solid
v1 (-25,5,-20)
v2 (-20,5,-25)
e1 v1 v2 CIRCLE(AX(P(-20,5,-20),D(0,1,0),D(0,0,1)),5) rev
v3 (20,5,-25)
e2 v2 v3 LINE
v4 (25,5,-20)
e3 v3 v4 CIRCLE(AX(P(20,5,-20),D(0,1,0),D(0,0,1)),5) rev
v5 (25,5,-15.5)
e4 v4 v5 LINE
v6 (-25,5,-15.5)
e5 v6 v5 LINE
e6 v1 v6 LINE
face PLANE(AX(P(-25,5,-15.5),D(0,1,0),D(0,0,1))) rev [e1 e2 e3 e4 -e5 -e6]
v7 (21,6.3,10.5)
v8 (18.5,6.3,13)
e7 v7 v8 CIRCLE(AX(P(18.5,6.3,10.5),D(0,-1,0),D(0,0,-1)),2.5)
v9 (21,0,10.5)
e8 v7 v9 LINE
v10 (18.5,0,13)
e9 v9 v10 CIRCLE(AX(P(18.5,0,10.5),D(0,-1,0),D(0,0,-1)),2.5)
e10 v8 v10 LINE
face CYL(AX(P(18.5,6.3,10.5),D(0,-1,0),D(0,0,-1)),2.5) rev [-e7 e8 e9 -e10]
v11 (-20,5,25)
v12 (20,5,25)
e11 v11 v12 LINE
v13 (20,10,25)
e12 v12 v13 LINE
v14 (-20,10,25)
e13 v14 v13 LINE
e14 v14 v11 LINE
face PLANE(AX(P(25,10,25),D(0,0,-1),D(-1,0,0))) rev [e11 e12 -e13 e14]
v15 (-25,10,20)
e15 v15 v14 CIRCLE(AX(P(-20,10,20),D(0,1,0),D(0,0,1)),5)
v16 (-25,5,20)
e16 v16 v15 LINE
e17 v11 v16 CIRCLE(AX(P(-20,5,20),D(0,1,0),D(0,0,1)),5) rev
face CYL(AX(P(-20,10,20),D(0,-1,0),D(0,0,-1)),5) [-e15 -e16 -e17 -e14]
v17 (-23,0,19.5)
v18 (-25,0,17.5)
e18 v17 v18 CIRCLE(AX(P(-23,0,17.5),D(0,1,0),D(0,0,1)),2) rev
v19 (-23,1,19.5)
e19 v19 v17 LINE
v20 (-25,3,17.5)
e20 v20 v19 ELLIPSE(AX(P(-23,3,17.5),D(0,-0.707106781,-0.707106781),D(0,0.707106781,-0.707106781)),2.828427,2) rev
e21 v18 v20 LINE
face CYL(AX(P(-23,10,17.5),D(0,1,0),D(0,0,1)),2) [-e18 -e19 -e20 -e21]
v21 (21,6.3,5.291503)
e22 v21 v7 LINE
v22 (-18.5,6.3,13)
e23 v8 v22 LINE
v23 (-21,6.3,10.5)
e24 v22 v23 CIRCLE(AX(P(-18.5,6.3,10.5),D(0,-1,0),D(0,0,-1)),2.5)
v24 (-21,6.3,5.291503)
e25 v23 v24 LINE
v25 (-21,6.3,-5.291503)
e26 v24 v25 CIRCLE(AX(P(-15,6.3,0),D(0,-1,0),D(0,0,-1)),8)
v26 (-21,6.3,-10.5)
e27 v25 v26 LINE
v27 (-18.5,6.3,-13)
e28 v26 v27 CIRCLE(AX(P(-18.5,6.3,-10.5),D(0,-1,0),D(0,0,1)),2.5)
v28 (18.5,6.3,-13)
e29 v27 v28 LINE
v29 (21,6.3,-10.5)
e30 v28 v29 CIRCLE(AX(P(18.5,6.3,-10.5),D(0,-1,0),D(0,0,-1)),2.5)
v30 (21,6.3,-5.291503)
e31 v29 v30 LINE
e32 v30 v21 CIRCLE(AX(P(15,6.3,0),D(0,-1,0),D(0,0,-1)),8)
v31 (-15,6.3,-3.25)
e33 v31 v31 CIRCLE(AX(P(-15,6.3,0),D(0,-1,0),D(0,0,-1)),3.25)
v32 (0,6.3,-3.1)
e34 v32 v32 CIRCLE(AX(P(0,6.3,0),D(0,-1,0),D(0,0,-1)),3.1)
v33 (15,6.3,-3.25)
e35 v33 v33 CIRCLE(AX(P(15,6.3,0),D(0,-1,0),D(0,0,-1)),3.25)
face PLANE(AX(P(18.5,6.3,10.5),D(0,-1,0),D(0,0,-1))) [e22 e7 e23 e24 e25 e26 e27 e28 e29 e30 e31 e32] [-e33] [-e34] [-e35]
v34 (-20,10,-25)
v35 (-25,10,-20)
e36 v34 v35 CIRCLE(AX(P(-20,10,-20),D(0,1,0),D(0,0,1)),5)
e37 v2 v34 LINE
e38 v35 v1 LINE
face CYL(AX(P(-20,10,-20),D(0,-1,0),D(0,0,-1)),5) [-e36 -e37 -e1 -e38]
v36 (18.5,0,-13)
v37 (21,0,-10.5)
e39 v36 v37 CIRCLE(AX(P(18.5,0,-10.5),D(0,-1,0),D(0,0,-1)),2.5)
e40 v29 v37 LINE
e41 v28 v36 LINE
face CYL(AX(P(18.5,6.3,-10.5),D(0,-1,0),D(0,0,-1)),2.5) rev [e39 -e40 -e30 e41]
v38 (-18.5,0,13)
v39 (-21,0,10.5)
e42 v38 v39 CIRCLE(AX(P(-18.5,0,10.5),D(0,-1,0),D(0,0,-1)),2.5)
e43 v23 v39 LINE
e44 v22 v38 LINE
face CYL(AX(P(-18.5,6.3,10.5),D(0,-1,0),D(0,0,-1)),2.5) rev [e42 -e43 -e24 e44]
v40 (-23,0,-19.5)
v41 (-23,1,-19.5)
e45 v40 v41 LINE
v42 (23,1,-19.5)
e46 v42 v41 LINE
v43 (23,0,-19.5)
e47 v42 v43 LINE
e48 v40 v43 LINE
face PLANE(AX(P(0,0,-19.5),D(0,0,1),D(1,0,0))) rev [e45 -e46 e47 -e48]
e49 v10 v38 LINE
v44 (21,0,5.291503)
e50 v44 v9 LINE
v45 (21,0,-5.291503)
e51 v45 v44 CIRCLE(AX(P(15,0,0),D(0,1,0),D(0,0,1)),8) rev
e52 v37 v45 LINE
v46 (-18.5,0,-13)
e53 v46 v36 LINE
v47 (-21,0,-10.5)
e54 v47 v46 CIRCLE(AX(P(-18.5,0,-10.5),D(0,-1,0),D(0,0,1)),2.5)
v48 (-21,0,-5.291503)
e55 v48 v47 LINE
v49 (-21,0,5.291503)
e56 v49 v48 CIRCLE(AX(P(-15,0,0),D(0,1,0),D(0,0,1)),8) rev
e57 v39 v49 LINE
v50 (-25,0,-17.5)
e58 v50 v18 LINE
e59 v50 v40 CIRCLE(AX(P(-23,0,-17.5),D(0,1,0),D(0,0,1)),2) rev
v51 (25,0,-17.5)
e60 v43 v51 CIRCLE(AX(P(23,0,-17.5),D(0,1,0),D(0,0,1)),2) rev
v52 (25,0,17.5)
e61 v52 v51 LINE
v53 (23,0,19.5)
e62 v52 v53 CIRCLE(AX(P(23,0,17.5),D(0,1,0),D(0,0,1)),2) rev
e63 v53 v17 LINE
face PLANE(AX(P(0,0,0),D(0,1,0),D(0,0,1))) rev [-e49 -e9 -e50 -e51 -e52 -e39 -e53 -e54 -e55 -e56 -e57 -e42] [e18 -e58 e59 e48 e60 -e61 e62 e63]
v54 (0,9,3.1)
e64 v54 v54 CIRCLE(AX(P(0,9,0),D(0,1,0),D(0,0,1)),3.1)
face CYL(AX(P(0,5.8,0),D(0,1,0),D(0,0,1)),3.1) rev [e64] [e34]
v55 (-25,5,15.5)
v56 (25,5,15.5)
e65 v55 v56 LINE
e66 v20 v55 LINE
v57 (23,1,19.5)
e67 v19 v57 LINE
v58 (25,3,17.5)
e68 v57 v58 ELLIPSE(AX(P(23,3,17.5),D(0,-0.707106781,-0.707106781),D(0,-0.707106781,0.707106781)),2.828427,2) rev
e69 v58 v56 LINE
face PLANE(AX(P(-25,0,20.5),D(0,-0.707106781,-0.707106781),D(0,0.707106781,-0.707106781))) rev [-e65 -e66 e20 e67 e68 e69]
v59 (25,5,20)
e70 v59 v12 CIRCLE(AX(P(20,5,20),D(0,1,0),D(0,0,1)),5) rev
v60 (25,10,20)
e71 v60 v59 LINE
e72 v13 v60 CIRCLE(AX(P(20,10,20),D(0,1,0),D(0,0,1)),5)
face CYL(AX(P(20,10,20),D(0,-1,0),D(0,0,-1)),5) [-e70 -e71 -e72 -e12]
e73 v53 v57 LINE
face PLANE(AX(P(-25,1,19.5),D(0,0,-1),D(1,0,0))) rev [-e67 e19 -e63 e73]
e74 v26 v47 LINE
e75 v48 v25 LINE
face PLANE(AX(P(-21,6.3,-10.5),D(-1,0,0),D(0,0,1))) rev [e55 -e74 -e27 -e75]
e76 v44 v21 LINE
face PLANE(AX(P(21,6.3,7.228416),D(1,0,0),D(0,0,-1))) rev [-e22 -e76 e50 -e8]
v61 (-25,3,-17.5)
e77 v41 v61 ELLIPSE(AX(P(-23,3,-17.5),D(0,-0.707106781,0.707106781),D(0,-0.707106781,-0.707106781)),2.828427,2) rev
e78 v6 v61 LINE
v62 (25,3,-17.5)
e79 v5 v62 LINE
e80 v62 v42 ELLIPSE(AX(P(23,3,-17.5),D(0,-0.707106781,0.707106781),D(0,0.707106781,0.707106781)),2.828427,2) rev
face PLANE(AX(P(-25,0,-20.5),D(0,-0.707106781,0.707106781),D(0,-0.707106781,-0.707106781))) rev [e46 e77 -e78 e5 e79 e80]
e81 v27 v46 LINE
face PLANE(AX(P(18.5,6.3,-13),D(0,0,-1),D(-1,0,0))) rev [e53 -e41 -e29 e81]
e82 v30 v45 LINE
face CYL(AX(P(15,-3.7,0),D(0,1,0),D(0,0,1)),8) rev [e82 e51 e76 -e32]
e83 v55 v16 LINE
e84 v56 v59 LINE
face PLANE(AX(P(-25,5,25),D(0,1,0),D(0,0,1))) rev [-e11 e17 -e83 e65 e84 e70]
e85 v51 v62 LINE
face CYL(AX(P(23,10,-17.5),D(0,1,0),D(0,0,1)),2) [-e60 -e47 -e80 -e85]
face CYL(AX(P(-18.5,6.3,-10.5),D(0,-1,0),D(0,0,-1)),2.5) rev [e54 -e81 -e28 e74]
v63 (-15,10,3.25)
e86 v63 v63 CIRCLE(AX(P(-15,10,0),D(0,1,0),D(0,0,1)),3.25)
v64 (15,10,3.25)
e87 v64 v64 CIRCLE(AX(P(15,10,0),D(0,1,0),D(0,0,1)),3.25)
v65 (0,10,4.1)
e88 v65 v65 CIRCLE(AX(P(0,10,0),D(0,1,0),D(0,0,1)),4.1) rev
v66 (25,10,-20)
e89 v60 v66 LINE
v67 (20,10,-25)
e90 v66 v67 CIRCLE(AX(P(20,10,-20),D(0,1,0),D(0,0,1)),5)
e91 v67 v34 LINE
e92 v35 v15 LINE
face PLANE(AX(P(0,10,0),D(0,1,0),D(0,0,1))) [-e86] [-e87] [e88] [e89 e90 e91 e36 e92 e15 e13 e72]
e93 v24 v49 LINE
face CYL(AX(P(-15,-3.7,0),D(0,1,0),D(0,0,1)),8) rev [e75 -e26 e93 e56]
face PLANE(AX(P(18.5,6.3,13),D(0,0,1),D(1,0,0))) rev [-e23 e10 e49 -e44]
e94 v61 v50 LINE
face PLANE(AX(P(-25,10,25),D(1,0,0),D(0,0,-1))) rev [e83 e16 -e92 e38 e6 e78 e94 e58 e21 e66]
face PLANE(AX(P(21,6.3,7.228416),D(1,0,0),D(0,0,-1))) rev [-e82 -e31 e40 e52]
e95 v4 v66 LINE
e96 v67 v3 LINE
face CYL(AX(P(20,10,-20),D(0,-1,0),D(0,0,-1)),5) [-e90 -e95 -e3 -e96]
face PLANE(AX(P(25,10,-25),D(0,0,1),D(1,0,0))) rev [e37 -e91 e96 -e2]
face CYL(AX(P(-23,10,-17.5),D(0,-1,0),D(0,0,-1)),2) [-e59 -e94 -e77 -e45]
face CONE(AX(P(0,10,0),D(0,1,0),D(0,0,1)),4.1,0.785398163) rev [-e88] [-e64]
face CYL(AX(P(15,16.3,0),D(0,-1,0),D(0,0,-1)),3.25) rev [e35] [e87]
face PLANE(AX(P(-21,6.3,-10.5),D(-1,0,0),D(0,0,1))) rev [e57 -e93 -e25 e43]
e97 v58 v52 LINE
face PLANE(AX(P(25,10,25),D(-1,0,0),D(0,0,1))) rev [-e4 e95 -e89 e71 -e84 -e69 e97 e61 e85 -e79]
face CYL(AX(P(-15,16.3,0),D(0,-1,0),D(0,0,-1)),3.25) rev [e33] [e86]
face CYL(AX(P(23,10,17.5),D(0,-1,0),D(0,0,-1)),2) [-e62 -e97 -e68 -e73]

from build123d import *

# Parameters (mm, degrees)
SKETCH1_W           = 50
SKETCH1_H           = 50
BOSS_EXTRUDE1_DEPTH = 10
CUT_EXTRUDE3_DEPTH  = 6.3
SKETCH5_R           = 6.5
SKETCH5_R_2         = 3.1
BOSS_EXTRUDE2_DEPTH = 0.5
CUT_EXTRUDE4_DEPTH  = 57.789083458
FILLET2_R           = 5
CHAMFER2_SIZE       = 1
CHAMFER2_SIZE2      = 1.414213562
FILLET3_R           = 2
SKETCH9_R           = 3.1
CUT_EXTRUDE5_DEPTH  = 36.912254176
CHAMFER3_SIZE       = 1
SKETCH10_W          = 52
SKETCH10_H          = 19.709433282
CUT_EXTRUDE6_DEPTH  = 6.3
SKETCH14_R          = 3.25
CUT_EXTRUDE7_DEPTH  = 10
SKETCH15_W          = 4
SKETCH15_H          = 19.709433282
BOSS_EXTRUDE5_DEPTH = 6.3
SKETCH16_R          = 8
CUT_EXTRUDE8_DEPTH  = 10


with BuildPart() as part:
    # Sketch1 → Boss-Extrude1 (new body)
    with BuildSketch(Plane(origin=(0, 0, 0), x_dir=(1, 0, 0), z_dir=(0, 1, 0))):
        Rectangle(SKETCH1_W, SKETCH1_H)
    extrude(amount=BOSS_EXTRUDE1_DEPTH)

    # Sketch4 → Cut-Extrude3 (cut)
    with BuildSketch(Plane(origin=(0, 0, 0), x_dir=(-1, 0, 0), z_dir=(0, -1, 0))):
        with BuildLine():
            Line((21, -7.228416147), (21, -10.5))
            ThreePointArc((21, -10.5), (20.267766953, -12.267766953), (18.5, -13))
            Line((18.5, -13), (-18.5, -13))
            ThreePointArc((-18.5, -13), (-20.267766953, -12.267766953), (-21, -10.5))
            Line((-21, -10.5), (-21, -7.228416147))
            ThreePointArc((-21, -7.228416147), (-20.591644852, -6.017356006), (-19.533333333, -5.300838508))
            ThreePointArc((-19.533333333, -5.300838508), (-15.5, 0), (-19.533333333, 5.300838508))
            ThreePointArc((-19.533333333, 5.300838508), (-20.591644852, 6.017356006), (-21, 7.228416147))
            Line((-21, 7.228416147), (-21, 10.5))
            ThreePointArc((-21, 10.5), (-20.267766953, 12.267766953), (-18.5, 13))
            Line((-18.5, 13), (18.5, 13))
            ThreePointArc((18.5, 13), (20.267766953, 12.267766953), (21, 10.5))
            Line((21, 10.5), (21, 7.228416147))
            ThreePointArc((21, 7.228416147), (20.591644852, 6.017356006), (19.533333333, 5.300838508))
            ThreePointArc((19.533333333, 5.300838508), (15.5, 0), (19.533333333, -5.300838508))
            ThreePointArc((19.533333333, -5.300838508), (20.591644852, -6.017356006), (21, -7.228416147))
        make_face()
    extrude(amount=-CUT_EXTRUDE3_DEPTH, mode=Mode.SUBTRACT)

    # Sketch5 → Boss-Extrude2 (add)
    with BuildSketch(Plane(origin=(0, 6.3, 0), x_dir=(-1, 0, 0), z_dir=(0, -1, 0))):
        with Locations(Location((0, 0, 0), (0, 0, 90))):
            Circle(SKETCH5_R)
        with Locations(Location((0, 0, 0), (0, 0, 90))):
            Circle(SKETCH5_R_2, mode=Mode.SUBTRACT)
    extrude(amount=BOSS_EXTRUDE2_DEPTH)

    # Sketch8 → Cut-Extrude4 (cut, through all)
    with BuildSketch(Plane(origin=(25, 0, 0), x_dir=(0, 0, -1), z_dir=(1, 0, 0))):
        Polygon((-25, 0), (-25, 5), (-15.5, 5), (-20.5, 0), align=None)
        Polygon((25, 0), (25, 5), (15.5, 5), (20.5, 0), align=None)
    extrude(amount=-CUT_EXTRUDE4_DEPTH, mode=Mode.SUBTRACT)

    # Fillet2
    fillet2_edges = [part.edges().sort_by_distance(p)[0] for p in [
        (-25, 7.5, -25),
        (25, 7.5, -25),
        (25, 7.5, 25),
        (-25, 7.5, 25),
    ]]
    fillet(fillet2_edges, radius=FILLET2_R)

    # Chamfer2
    chamfer2_edges = [part.edges().sort_by_distance(p)[0] for p in [
        (0, 0, 20.5),
        (0, 0, -20.5),
    ]]
    chamfer2_side = [part.faces().sort_by_distance(p)[0] for p in [
        (24.353393474, 0, 0),
    ]]
    chamfer(chamfer2_edges, length=CHAMFER2_SIZE, length2=CHAMFER2_SIZE2, reference=chamfer2_side[0])

    # Fillet3
    fillet3_edges = [part.edges().sort_by_distance(p)[0] for p in [
        (25, 0.5, -19.5),
        (25, 0.5, 19.5),
        (-25, 0.5, -19.5),
        (-25, 0.5, 19.5),
    ]]
    fillet(fillet3_edges, radius=FILLET3_R)

    # Sketch9 → Cut-Extrude5 (cut, through all)
    with BuildSketch(Plane(origin=(0, 6.3, 0), x_dir=(-1, 0, 0), z_dir=(0, -1, 0))):
        with Locations(Location((0, 0, 0), (0, 0, 90))):
            Circle(SKETCH9_R)
    extrude(amount=-CUT_EXTRUDE5_DEPTH, mode=Mode.SUBTRACT)

    # Chamfer3
    chamfer3_edges = [part.edges().sort_by_distance(p)[0] for p in [
        (0, 10, 3.1),
    ]]
    chamfer(chamfer3_edges, length=CHAMFER3_SIZE)

    # Sketch10 → Cut-Extrude6 (cut)
    with BuildSketch(Plane.XZ):
        Rectangle(SKETCH10_W, SKETCH10_H)
    extrude(amount=-CUT_EXTRUDE6_DEPTH, mode=Mode.SUBTRACT)

    # Sketch14 → Cut-Extrude7 (cut)
    with BuildSketch(Plane.XZ.offset(-6.3)):
        with Locations(Location((15, 0, 0), (0, 0, 270))):
            Circle(SKETCH14_R)
        with Locations(Location((-15, 0, 0), (0, 0, 270))):
            Circle(SKETCH14_R)
    extrude(amount=-CUT_EXTRUDE7_DEPTH, mode=Mode.SUBTRACT)

    # Sketch15 → Boss-Extrude5 (add)
    with BuildSketch(Plane(origin=(0, 6.3, 0), x_dir=(-1, 0, 0), z_dir=(0, -1, 0))):
        with Locations((-23, 0)):
            Rectangle(SKETCH15_W, SKETCH15_H)
        with Locations((23, 0)):
            Rectangle(SKETCH15_W, SKETCH15_H)
    extrude(amount=BOSS_EXTRUDE5_DEPTH)

    # Sketch16 → Cut-Extrude8 (cut)
    with BuildSketch(Plane(origin=(0, 6.3, 0), x_dir=(-1, 0, 0), z_dir=(0, -1, 0))):
        with Locations((-15, 0)):
            Circle(SKETCH16_R)
        with Locations((15, 0)):
            Circle(SKETCH16_R)
    extrude(amount=CUT_EXTRUDE8_DEPTH, mode=Mode.SUBTRACT)


solid = part.part
